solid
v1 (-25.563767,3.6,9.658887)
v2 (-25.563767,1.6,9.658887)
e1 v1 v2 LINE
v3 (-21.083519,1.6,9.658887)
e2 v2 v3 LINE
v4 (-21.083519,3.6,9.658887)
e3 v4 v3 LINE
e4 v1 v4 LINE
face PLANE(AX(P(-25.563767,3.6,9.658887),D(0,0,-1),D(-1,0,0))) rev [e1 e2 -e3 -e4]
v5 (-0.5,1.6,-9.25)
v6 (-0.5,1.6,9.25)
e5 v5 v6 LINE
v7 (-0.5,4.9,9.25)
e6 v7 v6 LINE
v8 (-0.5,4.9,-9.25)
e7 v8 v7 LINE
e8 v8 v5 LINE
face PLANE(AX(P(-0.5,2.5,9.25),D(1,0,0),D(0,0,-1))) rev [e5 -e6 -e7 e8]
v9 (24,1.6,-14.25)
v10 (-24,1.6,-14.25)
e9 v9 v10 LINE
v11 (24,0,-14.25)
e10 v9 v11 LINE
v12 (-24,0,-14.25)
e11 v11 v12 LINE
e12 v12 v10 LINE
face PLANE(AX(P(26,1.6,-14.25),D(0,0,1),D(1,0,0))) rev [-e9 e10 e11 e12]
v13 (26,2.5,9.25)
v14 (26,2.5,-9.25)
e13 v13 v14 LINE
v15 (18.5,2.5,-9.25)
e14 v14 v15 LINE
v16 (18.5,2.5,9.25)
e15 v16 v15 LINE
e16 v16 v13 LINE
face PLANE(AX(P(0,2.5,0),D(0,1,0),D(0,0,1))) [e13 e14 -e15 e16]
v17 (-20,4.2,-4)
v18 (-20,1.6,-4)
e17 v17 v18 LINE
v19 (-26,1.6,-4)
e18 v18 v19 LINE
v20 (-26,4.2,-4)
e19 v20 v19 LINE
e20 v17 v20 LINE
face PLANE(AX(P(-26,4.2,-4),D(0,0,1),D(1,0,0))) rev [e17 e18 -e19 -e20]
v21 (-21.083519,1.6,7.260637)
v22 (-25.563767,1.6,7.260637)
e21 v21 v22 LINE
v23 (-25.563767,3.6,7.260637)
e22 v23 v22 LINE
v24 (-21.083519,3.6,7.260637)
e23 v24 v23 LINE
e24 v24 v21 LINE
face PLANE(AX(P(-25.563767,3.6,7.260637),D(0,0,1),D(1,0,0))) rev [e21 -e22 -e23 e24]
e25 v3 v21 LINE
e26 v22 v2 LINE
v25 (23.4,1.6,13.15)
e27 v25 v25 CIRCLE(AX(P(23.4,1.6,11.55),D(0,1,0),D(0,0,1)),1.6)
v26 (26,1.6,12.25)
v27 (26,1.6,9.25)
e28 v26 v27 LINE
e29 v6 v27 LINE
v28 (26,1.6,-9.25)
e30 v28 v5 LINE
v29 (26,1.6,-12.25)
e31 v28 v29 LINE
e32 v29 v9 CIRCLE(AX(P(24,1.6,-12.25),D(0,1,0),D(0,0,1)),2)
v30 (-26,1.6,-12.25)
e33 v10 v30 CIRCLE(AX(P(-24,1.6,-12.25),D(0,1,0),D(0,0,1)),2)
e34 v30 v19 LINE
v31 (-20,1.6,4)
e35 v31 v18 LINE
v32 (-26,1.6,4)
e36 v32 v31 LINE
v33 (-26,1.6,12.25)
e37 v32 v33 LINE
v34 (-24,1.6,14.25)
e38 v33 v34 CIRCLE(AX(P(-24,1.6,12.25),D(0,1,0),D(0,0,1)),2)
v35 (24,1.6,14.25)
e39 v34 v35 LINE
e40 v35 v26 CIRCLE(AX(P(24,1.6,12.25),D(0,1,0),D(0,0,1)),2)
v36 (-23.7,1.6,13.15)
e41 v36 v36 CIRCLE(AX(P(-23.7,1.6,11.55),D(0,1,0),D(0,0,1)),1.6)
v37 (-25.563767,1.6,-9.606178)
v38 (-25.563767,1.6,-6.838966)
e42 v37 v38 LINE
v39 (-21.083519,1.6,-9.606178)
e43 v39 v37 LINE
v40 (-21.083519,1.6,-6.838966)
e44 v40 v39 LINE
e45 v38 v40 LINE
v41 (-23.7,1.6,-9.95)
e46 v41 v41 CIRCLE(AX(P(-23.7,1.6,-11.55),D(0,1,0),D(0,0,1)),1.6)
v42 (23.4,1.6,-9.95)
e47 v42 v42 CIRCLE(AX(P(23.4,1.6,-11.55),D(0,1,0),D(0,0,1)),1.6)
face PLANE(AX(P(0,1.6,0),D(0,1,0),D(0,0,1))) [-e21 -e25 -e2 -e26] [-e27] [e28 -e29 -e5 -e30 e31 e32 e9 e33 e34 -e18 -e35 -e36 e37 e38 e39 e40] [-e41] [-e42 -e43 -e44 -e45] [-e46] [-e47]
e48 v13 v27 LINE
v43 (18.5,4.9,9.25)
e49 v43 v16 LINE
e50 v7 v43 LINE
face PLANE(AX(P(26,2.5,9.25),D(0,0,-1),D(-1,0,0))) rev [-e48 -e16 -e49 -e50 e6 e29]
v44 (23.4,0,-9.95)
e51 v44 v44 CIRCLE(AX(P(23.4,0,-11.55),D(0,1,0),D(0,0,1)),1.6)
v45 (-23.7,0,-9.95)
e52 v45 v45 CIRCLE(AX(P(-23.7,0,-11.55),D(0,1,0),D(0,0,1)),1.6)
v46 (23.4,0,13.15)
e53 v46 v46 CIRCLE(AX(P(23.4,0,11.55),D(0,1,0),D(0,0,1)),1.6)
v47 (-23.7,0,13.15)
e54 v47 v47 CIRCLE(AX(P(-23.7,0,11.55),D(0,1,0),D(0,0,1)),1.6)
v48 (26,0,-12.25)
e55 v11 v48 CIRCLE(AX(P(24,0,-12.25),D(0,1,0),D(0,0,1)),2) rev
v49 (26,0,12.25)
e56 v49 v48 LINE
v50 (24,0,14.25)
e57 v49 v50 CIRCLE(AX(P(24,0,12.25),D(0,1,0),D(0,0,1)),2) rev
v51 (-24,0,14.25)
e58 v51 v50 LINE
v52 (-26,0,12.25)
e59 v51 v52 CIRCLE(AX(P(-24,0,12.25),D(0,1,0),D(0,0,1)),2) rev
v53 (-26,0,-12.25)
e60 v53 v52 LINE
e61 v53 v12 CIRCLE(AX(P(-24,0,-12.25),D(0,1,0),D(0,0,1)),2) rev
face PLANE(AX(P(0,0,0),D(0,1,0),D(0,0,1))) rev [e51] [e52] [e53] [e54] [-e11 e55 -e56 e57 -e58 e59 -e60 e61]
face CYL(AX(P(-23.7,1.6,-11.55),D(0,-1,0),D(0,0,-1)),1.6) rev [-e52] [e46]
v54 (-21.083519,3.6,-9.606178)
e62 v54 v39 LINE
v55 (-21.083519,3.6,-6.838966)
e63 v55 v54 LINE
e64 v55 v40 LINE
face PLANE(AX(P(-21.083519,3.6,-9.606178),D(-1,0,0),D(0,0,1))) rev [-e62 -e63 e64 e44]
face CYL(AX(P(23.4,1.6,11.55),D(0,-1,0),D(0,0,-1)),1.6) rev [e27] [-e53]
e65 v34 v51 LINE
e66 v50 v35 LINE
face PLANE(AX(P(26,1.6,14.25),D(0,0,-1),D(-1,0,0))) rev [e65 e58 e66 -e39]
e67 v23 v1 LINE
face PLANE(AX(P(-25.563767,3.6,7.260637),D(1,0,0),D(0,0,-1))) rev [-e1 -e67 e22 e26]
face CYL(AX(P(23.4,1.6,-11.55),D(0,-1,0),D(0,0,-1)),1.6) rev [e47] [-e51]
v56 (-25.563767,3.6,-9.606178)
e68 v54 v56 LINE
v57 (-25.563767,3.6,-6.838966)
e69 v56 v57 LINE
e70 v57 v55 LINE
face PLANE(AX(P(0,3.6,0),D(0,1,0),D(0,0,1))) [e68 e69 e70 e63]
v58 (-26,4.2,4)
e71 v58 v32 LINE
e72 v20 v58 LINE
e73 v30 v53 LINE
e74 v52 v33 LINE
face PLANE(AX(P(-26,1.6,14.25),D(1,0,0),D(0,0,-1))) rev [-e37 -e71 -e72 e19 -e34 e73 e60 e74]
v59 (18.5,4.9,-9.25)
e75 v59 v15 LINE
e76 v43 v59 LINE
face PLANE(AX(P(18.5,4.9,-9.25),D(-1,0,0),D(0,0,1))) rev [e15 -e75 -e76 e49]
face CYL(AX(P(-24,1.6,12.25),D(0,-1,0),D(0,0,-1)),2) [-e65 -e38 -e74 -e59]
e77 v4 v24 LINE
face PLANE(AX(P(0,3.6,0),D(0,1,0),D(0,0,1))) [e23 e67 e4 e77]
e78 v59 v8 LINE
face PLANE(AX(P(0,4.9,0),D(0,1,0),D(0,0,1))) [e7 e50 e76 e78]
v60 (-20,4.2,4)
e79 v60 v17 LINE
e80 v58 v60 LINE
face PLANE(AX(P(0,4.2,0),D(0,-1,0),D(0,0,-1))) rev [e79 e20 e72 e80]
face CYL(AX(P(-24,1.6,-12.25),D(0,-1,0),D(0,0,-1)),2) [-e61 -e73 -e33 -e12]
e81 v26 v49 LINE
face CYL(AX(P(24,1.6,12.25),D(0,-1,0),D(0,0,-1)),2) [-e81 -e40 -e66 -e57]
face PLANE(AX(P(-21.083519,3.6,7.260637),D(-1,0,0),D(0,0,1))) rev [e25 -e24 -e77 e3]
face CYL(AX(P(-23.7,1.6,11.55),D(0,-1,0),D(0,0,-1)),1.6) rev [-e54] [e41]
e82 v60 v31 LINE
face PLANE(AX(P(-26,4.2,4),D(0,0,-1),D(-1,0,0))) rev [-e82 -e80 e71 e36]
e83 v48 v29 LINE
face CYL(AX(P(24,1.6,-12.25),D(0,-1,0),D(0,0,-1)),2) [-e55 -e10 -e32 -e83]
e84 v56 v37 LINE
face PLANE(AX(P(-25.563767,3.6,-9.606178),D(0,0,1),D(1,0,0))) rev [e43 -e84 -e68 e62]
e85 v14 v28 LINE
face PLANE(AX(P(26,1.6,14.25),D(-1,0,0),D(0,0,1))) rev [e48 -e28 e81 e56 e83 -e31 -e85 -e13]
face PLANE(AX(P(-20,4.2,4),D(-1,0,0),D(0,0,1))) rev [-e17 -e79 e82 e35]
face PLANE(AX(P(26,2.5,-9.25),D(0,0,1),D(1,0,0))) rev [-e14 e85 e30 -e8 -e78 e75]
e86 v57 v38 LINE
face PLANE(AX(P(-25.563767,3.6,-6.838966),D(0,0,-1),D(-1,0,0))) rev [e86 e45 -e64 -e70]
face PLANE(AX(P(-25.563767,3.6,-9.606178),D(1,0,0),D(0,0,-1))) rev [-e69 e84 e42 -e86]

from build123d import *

# Parameters (mm, degrees)
SKETCH1_W           = 52
SKETCH1_H           = 28.5
SKETCH1_R           = 1.6
BOSS_EXTRUDE1_DEPTH = 1.6
FILLET1_R           = 2
SKETCH2_W           = 6
SKETCH2_H           = 8
BOSS_EXTRUDE2_DEPTH = 2.6
SKETCH3_W           = 26.5
SKETCH3_H           = 18.5
BOSS_EXTRUDE3_DEPTH = 0.9
SKETCH4_W           = 19
SKETCH4_H           = 18.5
BOSS_EXTRUDE4_DEPTH = 2.4
SKETCH5_W           = 4.480247742
SKETCH5_H           = 2.767211841
SKETCH5_H_2         = 2.398250262
BOSS_EXTRUDE5_DEPTH = 2


with BuildPart() as part:
    # Sketch1 → Boss-Extrude1 (new body)
    with BuildSketch(Plane(origin=(0, 0, 0), x_dir=(1, 0, 0), z_dir=(0, 1, 0))):
        Rectangle(SKETCH1_W, SKETCH1_H)
        with Locations(Location((-23.7, 11.55, 0), (0, 0, 270))):
            Circle(SKETCH1_R, mode=Mode.SUBTRACT)
        with Locations(Location((-23.7, -11.55, 0), (0, 0, 270))):
            Circle(SKETCH1_R, mode=Mode.SUBTRACT)
        with Locations(Location((23.4, 11.55, 0), (0, 0, 270))):
            Circle(SKETCH1_R, mode=Mode.SUBTRACT)
        with Locations(Location((23.4, -11.55, 0), (0, 0, 270))):
            Circle(SKETCH1_R, mode=Mode.SUBTRACT)
    extrude(amount=BOSS_EXTRUDE1_DEPTH)

    # Fillet1
    fillet1_edges = [part.edges().sort_by_distance(p)[0] for p in [
        (-26, 0.8, -14.25),
        (26, 0.8, -14.25),
        (26, 0.8, 14.25),
        (-26, 0.8, 14.25),
    ]]
    fillet(fillet1_edges, radius=FILLET1_R)

    # Sketch2 → Boss-Extrude2 (add)
    with BuildSketch(Plane(origin=(0, 1.6, 0), x_dir=(1, 0, 0), z_dir=(0, 1, 0))):
        with Locations((-23, 0)):
            Rectangle(SKETCH2_W, SKETCH2_H)
    extrude(amount=BOSS_EXTRUDE2_DEPTH)

    # Sketch3 → Boss-Extrude3 (add)
    with BuildSketch(Plane(origin=(0, 1.6, 0), x_dir=(1, 0, 0), z_dir=(0, 1, 0))):
        with Locations((12.75, 0)):
            Rectangle(SKETCH3_W, SKETCH3_H)
    extrude(amount=BOSS_EXTRUDE3_DEPTH)

    # Sketch4 → Boss-Extrude4 (add)
    with BuildSketch(Plane(origin=(0, 2.5, 0), x_dir=(1, 0, 0), z_dir=(0, 1, 0))):
        with Locations((9, 0)):
            Rectangle(SKETCH4_W, SKETCH4_H)
    extrude(amount=BOSS_EXTRUDE4_DEPTH)

    # Sketch5 → Boss-Extrude5 (add)
    with BuildSketch(Plane(origin=(0, 1.6, 0), x_dir=(1, 0, 0), z_dir=(0, 1, 0))):
        with Locations((-23.323642657, 8.222572326)):
            Rectangle(SKETCH5_W, SKETCH5_H)
        with Locations((-23.323642657, -8.459761913)):
            Rectangle(SKETCH5_W, SKETCH5_H_2)
    extrude(amount=BOSS_EXTRUDE5_DEPTH)


solid = part.part
